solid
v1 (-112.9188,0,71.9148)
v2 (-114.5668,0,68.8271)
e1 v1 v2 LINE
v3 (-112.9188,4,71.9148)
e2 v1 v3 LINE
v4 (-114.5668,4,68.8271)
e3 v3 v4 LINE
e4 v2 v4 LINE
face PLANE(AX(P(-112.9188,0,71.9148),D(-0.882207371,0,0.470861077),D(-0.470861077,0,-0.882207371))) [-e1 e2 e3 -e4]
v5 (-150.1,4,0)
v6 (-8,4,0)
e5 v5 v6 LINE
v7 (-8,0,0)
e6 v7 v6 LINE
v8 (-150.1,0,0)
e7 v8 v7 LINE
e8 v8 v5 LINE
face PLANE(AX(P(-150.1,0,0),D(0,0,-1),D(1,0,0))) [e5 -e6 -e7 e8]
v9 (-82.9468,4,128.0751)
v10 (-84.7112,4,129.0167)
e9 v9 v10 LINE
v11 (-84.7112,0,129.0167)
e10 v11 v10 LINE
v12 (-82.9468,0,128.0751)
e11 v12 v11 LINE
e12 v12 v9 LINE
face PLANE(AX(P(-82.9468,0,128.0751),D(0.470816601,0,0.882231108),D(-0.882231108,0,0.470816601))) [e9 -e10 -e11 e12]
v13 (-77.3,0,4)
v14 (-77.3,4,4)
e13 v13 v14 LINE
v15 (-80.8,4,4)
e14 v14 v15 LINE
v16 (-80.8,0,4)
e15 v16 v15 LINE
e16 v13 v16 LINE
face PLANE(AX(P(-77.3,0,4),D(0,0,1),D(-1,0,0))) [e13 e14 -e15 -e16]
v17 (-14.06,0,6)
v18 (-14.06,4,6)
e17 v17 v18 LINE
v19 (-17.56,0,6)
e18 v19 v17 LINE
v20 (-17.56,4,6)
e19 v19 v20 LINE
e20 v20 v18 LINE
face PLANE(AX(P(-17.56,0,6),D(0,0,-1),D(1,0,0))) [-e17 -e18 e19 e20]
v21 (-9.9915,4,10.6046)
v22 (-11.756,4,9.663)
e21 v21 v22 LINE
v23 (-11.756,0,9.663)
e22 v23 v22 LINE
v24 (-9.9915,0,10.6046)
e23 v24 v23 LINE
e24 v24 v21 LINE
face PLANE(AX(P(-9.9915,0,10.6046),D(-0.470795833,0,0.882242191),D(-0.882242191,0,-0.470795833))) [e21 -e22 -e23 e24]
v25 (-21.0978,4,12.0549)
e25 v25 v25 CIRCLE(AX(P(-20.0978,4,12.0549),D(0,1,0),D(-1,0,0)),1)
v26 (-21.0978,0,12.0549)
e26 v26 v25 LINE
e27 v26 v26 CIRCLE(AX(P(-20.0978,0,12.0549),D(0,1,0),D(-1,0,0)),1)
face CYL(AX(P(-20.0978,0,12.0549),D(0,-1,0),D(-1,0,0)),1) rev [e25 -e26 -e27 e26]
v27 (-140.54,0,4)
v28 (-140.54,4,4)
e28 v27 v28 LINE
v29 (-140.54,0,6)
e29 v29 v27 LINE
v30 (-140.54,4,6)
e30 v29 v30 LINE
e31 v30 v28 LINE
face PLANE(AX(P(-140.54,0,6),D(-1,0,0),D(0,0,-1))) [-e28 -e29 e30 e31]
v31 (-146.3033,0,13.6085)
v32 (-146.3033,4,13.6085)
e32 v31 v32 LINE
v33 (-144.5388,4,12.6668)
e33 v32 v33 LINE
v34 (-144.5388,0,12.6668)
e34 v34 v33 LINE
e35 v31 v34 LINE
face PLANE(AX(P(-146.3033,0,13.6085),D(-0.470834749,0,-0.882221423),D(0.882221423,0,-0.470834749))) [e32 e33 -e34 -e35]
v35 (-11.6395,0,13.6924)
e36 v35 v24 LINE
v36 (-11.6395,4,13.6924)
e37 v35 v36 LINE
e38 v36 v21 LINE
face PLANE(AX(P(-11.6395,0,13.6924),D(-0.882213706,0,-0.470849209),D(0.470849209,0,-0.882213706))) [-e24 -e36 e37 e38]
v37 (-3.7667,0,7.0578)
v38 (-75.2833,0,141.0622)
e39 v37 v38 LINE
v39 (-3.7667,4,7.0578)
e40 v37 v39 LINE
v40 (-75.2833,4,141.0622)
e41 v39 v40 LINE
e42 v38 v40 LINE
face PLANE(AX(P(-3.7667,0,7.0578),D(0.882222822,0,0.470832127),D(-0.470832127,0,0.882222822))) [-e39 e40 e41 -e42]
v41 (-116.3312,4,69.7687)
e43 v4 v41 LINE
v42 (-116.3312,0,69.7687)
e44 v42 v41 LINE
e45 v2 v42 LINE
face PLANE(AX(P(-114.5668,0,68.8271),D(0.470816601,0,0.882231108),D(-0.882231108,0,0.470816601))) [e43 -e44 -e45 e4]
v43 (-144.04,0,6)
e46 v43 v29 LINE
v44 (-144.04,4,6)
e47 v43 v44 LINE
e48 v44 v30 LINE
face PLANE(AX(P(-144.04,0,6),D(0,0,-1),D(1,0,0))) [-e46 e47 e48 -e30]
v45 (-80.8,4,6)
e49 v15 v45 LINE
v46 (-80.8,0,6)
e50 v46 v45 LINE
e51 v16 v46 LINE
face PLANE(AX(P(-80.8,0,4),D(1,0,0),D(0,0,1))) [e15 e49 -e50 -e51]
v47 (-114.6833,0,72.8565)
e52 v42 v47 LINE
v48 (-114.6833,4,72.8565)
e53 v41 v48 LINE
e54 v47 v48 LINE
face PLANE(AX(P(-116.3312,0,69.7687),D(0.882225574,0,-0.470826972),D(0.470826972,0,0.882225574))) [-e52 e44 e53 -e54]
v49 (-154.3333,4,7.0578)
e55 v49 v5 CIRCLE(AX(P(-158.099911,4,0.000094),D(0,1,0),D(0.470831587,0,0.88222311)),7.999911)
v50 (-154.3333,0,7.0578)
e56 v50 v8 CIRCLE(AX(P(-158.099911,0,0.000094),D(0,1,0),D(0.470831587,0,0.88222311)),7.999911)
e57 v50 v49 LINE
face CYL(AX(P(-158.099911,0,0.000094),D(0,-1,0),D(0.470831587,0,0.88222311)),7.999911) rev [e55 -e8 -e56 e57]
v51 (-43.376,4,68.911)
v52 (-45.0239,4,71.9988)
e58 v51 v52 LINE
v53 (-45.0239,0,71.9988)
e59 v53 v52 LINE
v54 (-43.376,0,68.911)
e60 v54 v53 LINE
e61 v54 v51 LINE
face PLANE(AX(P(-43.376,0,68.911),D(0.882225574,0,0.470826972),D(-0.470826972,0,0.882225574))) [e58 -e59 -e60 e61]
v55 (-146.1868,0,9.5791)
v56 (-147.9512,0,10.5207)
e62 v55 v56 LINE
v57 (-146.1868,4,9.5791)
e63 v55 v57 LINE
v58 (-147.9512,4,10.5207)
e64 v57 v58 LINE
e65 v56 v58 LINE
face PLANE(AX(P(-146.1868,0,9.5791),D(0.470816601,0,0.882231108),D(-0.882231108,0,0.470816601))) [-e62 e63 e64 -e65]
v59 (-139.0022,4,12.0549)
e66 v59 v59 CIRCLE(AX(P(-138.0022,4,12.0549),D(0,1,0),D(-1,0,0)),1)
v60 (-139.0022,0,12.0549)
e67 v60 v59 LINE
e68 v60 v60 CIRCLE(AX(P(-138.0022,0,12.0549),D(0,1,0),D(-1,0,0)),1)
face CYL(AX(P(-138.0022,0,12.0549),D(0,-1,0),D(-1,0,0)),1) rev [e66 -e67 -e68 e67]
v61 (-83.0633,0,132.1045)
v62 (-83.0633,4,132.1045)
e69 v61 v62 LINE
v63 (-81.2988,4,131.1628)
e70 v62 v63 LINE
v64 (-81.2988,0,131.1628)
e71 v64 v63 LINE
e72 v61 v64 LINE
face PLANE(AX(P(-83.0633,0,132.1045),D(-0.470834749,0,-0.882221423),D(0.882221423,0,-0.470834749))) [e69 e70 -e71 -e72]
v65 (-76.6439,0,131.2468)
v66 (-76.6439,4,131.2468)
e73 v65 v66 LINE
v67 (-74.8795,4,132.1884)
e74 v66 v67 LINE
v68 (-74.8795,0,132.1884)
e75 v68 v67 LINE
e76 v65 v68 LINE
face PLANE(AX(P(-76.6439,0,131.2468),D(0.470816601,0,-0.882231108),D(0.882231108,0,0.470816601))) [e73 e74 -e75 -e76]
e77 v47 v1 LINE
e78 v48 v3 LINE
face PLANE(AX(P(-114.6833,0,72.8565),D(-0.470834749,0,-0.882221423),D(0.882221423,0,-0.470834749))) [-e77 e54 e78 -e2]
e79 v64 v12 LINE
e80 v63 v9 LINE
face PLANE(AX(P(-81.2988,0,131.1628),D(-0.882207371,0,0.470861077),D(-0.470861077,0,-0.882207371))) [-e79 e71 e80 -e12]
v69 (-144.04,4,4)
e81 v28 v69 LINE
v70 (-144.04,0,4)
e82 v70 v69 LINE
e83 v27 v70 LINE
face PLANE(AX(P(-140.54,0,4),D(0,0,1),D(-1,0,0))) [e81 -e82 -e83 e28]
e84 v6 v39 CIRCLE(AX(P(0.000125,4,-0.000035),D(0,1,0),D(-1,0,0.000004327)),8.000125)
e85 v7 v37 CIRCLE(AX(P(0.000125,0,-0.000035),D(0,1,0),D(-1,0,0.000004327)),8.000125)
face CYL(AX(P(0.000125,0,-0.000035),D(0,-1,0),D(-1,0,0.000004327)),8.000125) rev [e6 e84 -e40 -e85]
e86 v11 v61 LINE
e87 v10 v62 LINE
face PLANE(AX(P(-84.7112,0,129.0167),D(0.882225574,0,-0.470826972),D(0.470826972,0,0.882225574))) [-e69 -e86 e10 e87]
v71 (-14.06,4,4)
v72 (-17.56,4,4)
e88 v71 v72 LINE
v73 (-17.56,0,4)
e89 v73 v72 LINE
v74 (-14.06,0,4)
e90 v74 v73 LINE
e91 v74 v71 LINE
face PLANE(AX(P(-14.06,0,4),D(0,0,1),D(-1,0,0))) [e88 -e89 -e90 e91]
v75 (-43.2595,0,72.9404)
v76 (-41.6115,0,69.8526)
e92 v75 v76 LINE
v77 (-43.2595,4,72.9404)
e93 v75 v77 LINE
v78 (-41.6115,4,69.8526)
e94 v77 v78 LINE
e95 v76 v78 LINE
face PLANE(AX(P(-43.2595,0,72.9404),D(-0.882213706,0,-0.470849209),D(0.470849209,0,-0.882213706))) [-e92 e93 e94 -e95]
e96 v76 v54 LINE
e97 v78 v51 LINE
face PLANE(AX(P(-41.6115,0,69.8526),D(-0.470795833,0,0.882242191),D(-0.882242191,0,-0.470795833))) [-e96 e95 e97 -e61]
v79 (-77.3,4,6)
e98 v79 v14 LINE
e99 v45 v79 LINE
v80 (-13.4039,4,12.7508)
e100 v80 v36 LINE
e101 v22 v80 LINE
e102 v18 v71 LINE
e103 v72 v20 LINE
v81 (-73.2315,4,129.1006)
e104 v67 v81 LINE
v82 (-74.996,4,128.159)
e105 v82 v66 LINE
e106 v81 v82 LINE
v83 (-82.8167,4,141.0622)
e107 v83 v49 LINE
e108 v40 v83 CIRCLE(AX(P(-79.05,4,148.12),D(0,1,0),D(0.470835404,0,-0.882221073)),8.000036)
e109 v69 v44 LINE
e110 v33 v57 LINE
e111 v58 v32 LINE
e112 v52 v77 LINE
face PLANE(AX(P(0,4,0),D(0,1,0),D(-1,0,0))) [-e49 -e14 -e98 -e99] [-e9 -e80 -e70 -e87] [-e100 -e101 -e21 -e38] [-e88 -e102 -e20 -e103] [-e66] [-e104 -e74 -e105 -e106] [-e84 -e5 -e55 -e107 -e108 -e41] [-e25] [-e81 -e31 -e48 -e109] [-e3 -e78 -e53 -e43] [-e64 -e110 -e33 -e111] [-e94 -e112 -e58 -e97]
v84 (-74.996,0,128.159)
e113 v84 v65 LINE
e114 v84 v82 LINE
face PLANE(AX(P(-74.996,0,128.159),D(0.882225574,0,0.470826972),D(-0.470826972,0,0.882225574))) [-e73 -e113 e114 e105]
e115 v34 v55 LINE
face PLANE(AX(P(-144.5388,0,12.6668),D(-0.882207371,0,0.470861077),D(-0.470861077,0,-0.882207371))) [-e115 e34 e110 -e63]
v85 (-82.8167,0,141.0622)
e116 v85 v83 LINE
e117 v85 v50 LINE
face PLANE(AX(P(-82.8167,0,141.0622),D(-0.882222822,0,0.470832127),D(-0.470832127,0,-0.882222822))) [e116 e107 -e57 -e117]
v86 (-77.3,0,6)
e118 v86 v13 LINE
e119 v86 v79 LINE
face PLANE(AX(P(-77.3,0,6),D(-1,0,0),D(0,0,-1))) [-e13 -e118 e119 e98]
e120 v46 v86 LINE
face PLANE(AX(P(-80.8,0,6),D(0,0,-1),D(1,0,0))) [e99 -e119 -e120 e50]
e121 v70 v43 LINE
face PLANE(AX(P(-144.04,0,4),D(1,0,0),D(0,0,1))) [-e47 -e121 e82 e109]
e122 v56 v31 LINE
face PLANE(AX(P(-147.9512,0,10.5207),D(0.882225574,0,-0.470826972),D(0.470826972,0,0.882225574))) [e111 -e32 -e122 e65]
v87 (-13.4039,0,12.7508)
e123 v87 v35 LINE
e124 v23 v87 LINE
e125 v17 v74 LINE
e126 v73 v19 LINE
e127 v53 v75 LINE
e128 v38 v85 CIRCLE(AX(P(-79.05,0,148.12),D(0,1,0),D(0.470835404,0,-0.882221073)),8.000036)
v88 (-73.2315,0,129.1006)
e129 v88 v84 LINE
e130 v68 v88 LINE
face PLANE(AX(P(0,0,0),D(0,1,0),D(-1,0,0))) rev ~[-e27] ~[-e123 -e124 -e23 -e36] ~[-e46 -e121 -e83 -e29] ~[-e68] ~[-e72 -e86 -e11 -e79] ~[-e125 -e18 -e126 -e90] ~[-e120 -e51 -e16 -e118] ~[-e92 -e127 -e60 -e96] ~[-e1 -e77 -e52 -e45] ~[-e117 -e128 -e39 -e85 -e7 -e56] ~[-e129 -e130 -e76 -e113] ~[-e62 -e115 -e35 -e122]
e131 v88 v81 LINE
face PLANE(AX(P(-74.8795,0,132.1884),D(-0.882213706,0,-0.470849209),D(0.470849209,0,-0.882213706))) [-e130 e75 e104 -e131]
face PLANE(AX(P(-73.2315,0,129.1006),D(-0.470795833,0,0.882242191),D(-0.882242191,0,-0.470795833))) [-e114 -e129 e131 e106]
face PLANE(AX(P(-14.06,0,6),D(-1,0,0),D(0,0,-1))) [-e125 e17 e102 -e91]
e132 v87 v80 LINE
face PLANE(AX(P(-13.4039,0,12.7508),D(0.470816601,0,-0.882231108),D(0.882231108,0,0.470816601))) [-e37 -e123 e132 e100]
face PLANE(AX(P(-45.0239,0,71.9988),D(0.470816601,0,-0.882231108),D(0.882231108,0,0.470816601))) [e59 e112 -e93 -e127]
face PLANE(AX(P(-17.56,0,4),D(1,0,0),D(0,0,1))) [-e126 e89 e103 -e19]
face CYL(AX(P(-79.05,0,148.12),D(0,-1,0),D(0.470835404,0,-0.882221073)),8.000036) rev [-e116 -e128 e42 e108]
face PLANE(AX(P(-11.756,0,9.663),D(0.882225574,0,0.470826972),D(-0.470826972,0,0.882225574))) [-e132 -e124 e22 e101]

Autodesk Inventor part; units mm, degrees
ref_plane "YZ Plane" through (0, 0, 0) normal (1, 0, 0) x (0, 1, 0)
ref_plane "XZ Plane" through (0, 0, 0) normal (0, 1, 0) x (-1, 0, 0)
ref_plane "XY Plane" through (0, 0, 0) normal (0, 0, 1) x (1, 0, 0)
sketch "Sketch1" plane through (0, 0, 0) normal (0, 1, 0) x (-1, 0, 0)
  arc A0 (8, 0) -> (3.7667, 7.0578) centre (0, 0) ccw
  arc A1 (154.3333, 7.0578) -> (150.1, 0) centre (158.1, 0) ccw
  arc A2 (75.2833, 141.0622) -> (82.8167, 141.0622) centre (79.05, 148.12) ccw
  circle A3 centre (20.0978, 12.0549) radius 1
  circle A4 centre (138.0022, 12.0549) radius 1
  line L0 (3.7667, 7.0578) -> (75.2833, 141.0622)
  line L1 (82.8167, 141.0622) -> (154.3333, 7.0578)
  line L2 (150.1, 0) -> (8, 0)
  line L3 (14.06, 4) -> (17.56, 4)
  line L4 (17.56, 4) -> (17.56, 6)
  line L5 (17.56, 6) -> (14.06, 6)
  line L6 (14.06, 6) -> (14.06, 4)
  line L7 (77.3, 4) -> (80.8, 4)
  line L8 (80.8, 4) -> (80.8, 6)
  line L9 (80.8, 6) -> (77.3, 6)
  line L10 (77.3, 6) -> (77.3, 4)
  line L11 (140.54, 4) -> (144.04, 4)
  line L12 (144.04, 4) -> (144.04, 6)
  line L13 (144.04, 6) -> (140.54, 6)
  line L14 (140.54, 6) -> (140.54, 4)
  line L15 (11.756, 9.663) -> (13.4039, 12.7508)
  line L16 (13.4039, 12.7508) -> (11.6395, 13.6924)
  line L17 (11.6395, 13.6924) -> (9.9915, 10.6046)
  line L18 (9.9915, 10.6046) -> (11.756, 9.663)
  line L19 (43.376, 68.911) -> (45.0239, 71.9988)
  line L20 (45.0239, 71.9988) -> (43.2595, 72.9404)
  line L21 (43.2595, 72.9404) -> (41.6115, 69.8526)
  line L22 (41.6115, 69.8526) -> (43.376, 68.911)
  line L23 (74.996, 128.159) -> (76.6439, 131.2468)
  line L24 (76.6439, 131.2468) -> (74.8795, 132.1884)
  line L25 (74.8795, 132.1884) -> (73.2315, 129.1006)
  line L26 (73.2315, 129.1006) -> (74.996, 128.159)
  line L27 (144.5388, 12.6668) -> (146.1868, 9.5791)
  line L28 (146.1868, 9.5791) -> (147.9512, 10.5207)
  line L29 (147.9512, 10.5207) -> (146.3033, 13.6085)
  line L30 (146.3033, 13.6085) -> (144.5388, 12.6668)
  line L31 (112.9188, 71.9148) -> (114.5668, 68.8271)
  line L32 (114.5668, 68.8271) -> (116.3312, 69.7687)
  line L33 (116.3312, 69.7687) -> (114.6833, 72.8565)
  line L34 (114.6833, 72.8565) -> (112.9188, 71.9148)
  line L35 (81.2988, 131.1628) -> (82.9468, 128.0751)
  line L36 (82.9468, 128.0751) -> (84.7112, 129.0167)
  line L37 (84.7112, 129.0167) -> (83.0633, 132.1045)
  line L38 (83.0633, 132.1045) -> (81.2988, 131.1628)
  point P0 (150.1, 0)
  point P1 (154.3333, 7.0578)
extrude "Extrusion1" add sketch "Sketch1" along normal blind 4
properties part number "bcc_face"
